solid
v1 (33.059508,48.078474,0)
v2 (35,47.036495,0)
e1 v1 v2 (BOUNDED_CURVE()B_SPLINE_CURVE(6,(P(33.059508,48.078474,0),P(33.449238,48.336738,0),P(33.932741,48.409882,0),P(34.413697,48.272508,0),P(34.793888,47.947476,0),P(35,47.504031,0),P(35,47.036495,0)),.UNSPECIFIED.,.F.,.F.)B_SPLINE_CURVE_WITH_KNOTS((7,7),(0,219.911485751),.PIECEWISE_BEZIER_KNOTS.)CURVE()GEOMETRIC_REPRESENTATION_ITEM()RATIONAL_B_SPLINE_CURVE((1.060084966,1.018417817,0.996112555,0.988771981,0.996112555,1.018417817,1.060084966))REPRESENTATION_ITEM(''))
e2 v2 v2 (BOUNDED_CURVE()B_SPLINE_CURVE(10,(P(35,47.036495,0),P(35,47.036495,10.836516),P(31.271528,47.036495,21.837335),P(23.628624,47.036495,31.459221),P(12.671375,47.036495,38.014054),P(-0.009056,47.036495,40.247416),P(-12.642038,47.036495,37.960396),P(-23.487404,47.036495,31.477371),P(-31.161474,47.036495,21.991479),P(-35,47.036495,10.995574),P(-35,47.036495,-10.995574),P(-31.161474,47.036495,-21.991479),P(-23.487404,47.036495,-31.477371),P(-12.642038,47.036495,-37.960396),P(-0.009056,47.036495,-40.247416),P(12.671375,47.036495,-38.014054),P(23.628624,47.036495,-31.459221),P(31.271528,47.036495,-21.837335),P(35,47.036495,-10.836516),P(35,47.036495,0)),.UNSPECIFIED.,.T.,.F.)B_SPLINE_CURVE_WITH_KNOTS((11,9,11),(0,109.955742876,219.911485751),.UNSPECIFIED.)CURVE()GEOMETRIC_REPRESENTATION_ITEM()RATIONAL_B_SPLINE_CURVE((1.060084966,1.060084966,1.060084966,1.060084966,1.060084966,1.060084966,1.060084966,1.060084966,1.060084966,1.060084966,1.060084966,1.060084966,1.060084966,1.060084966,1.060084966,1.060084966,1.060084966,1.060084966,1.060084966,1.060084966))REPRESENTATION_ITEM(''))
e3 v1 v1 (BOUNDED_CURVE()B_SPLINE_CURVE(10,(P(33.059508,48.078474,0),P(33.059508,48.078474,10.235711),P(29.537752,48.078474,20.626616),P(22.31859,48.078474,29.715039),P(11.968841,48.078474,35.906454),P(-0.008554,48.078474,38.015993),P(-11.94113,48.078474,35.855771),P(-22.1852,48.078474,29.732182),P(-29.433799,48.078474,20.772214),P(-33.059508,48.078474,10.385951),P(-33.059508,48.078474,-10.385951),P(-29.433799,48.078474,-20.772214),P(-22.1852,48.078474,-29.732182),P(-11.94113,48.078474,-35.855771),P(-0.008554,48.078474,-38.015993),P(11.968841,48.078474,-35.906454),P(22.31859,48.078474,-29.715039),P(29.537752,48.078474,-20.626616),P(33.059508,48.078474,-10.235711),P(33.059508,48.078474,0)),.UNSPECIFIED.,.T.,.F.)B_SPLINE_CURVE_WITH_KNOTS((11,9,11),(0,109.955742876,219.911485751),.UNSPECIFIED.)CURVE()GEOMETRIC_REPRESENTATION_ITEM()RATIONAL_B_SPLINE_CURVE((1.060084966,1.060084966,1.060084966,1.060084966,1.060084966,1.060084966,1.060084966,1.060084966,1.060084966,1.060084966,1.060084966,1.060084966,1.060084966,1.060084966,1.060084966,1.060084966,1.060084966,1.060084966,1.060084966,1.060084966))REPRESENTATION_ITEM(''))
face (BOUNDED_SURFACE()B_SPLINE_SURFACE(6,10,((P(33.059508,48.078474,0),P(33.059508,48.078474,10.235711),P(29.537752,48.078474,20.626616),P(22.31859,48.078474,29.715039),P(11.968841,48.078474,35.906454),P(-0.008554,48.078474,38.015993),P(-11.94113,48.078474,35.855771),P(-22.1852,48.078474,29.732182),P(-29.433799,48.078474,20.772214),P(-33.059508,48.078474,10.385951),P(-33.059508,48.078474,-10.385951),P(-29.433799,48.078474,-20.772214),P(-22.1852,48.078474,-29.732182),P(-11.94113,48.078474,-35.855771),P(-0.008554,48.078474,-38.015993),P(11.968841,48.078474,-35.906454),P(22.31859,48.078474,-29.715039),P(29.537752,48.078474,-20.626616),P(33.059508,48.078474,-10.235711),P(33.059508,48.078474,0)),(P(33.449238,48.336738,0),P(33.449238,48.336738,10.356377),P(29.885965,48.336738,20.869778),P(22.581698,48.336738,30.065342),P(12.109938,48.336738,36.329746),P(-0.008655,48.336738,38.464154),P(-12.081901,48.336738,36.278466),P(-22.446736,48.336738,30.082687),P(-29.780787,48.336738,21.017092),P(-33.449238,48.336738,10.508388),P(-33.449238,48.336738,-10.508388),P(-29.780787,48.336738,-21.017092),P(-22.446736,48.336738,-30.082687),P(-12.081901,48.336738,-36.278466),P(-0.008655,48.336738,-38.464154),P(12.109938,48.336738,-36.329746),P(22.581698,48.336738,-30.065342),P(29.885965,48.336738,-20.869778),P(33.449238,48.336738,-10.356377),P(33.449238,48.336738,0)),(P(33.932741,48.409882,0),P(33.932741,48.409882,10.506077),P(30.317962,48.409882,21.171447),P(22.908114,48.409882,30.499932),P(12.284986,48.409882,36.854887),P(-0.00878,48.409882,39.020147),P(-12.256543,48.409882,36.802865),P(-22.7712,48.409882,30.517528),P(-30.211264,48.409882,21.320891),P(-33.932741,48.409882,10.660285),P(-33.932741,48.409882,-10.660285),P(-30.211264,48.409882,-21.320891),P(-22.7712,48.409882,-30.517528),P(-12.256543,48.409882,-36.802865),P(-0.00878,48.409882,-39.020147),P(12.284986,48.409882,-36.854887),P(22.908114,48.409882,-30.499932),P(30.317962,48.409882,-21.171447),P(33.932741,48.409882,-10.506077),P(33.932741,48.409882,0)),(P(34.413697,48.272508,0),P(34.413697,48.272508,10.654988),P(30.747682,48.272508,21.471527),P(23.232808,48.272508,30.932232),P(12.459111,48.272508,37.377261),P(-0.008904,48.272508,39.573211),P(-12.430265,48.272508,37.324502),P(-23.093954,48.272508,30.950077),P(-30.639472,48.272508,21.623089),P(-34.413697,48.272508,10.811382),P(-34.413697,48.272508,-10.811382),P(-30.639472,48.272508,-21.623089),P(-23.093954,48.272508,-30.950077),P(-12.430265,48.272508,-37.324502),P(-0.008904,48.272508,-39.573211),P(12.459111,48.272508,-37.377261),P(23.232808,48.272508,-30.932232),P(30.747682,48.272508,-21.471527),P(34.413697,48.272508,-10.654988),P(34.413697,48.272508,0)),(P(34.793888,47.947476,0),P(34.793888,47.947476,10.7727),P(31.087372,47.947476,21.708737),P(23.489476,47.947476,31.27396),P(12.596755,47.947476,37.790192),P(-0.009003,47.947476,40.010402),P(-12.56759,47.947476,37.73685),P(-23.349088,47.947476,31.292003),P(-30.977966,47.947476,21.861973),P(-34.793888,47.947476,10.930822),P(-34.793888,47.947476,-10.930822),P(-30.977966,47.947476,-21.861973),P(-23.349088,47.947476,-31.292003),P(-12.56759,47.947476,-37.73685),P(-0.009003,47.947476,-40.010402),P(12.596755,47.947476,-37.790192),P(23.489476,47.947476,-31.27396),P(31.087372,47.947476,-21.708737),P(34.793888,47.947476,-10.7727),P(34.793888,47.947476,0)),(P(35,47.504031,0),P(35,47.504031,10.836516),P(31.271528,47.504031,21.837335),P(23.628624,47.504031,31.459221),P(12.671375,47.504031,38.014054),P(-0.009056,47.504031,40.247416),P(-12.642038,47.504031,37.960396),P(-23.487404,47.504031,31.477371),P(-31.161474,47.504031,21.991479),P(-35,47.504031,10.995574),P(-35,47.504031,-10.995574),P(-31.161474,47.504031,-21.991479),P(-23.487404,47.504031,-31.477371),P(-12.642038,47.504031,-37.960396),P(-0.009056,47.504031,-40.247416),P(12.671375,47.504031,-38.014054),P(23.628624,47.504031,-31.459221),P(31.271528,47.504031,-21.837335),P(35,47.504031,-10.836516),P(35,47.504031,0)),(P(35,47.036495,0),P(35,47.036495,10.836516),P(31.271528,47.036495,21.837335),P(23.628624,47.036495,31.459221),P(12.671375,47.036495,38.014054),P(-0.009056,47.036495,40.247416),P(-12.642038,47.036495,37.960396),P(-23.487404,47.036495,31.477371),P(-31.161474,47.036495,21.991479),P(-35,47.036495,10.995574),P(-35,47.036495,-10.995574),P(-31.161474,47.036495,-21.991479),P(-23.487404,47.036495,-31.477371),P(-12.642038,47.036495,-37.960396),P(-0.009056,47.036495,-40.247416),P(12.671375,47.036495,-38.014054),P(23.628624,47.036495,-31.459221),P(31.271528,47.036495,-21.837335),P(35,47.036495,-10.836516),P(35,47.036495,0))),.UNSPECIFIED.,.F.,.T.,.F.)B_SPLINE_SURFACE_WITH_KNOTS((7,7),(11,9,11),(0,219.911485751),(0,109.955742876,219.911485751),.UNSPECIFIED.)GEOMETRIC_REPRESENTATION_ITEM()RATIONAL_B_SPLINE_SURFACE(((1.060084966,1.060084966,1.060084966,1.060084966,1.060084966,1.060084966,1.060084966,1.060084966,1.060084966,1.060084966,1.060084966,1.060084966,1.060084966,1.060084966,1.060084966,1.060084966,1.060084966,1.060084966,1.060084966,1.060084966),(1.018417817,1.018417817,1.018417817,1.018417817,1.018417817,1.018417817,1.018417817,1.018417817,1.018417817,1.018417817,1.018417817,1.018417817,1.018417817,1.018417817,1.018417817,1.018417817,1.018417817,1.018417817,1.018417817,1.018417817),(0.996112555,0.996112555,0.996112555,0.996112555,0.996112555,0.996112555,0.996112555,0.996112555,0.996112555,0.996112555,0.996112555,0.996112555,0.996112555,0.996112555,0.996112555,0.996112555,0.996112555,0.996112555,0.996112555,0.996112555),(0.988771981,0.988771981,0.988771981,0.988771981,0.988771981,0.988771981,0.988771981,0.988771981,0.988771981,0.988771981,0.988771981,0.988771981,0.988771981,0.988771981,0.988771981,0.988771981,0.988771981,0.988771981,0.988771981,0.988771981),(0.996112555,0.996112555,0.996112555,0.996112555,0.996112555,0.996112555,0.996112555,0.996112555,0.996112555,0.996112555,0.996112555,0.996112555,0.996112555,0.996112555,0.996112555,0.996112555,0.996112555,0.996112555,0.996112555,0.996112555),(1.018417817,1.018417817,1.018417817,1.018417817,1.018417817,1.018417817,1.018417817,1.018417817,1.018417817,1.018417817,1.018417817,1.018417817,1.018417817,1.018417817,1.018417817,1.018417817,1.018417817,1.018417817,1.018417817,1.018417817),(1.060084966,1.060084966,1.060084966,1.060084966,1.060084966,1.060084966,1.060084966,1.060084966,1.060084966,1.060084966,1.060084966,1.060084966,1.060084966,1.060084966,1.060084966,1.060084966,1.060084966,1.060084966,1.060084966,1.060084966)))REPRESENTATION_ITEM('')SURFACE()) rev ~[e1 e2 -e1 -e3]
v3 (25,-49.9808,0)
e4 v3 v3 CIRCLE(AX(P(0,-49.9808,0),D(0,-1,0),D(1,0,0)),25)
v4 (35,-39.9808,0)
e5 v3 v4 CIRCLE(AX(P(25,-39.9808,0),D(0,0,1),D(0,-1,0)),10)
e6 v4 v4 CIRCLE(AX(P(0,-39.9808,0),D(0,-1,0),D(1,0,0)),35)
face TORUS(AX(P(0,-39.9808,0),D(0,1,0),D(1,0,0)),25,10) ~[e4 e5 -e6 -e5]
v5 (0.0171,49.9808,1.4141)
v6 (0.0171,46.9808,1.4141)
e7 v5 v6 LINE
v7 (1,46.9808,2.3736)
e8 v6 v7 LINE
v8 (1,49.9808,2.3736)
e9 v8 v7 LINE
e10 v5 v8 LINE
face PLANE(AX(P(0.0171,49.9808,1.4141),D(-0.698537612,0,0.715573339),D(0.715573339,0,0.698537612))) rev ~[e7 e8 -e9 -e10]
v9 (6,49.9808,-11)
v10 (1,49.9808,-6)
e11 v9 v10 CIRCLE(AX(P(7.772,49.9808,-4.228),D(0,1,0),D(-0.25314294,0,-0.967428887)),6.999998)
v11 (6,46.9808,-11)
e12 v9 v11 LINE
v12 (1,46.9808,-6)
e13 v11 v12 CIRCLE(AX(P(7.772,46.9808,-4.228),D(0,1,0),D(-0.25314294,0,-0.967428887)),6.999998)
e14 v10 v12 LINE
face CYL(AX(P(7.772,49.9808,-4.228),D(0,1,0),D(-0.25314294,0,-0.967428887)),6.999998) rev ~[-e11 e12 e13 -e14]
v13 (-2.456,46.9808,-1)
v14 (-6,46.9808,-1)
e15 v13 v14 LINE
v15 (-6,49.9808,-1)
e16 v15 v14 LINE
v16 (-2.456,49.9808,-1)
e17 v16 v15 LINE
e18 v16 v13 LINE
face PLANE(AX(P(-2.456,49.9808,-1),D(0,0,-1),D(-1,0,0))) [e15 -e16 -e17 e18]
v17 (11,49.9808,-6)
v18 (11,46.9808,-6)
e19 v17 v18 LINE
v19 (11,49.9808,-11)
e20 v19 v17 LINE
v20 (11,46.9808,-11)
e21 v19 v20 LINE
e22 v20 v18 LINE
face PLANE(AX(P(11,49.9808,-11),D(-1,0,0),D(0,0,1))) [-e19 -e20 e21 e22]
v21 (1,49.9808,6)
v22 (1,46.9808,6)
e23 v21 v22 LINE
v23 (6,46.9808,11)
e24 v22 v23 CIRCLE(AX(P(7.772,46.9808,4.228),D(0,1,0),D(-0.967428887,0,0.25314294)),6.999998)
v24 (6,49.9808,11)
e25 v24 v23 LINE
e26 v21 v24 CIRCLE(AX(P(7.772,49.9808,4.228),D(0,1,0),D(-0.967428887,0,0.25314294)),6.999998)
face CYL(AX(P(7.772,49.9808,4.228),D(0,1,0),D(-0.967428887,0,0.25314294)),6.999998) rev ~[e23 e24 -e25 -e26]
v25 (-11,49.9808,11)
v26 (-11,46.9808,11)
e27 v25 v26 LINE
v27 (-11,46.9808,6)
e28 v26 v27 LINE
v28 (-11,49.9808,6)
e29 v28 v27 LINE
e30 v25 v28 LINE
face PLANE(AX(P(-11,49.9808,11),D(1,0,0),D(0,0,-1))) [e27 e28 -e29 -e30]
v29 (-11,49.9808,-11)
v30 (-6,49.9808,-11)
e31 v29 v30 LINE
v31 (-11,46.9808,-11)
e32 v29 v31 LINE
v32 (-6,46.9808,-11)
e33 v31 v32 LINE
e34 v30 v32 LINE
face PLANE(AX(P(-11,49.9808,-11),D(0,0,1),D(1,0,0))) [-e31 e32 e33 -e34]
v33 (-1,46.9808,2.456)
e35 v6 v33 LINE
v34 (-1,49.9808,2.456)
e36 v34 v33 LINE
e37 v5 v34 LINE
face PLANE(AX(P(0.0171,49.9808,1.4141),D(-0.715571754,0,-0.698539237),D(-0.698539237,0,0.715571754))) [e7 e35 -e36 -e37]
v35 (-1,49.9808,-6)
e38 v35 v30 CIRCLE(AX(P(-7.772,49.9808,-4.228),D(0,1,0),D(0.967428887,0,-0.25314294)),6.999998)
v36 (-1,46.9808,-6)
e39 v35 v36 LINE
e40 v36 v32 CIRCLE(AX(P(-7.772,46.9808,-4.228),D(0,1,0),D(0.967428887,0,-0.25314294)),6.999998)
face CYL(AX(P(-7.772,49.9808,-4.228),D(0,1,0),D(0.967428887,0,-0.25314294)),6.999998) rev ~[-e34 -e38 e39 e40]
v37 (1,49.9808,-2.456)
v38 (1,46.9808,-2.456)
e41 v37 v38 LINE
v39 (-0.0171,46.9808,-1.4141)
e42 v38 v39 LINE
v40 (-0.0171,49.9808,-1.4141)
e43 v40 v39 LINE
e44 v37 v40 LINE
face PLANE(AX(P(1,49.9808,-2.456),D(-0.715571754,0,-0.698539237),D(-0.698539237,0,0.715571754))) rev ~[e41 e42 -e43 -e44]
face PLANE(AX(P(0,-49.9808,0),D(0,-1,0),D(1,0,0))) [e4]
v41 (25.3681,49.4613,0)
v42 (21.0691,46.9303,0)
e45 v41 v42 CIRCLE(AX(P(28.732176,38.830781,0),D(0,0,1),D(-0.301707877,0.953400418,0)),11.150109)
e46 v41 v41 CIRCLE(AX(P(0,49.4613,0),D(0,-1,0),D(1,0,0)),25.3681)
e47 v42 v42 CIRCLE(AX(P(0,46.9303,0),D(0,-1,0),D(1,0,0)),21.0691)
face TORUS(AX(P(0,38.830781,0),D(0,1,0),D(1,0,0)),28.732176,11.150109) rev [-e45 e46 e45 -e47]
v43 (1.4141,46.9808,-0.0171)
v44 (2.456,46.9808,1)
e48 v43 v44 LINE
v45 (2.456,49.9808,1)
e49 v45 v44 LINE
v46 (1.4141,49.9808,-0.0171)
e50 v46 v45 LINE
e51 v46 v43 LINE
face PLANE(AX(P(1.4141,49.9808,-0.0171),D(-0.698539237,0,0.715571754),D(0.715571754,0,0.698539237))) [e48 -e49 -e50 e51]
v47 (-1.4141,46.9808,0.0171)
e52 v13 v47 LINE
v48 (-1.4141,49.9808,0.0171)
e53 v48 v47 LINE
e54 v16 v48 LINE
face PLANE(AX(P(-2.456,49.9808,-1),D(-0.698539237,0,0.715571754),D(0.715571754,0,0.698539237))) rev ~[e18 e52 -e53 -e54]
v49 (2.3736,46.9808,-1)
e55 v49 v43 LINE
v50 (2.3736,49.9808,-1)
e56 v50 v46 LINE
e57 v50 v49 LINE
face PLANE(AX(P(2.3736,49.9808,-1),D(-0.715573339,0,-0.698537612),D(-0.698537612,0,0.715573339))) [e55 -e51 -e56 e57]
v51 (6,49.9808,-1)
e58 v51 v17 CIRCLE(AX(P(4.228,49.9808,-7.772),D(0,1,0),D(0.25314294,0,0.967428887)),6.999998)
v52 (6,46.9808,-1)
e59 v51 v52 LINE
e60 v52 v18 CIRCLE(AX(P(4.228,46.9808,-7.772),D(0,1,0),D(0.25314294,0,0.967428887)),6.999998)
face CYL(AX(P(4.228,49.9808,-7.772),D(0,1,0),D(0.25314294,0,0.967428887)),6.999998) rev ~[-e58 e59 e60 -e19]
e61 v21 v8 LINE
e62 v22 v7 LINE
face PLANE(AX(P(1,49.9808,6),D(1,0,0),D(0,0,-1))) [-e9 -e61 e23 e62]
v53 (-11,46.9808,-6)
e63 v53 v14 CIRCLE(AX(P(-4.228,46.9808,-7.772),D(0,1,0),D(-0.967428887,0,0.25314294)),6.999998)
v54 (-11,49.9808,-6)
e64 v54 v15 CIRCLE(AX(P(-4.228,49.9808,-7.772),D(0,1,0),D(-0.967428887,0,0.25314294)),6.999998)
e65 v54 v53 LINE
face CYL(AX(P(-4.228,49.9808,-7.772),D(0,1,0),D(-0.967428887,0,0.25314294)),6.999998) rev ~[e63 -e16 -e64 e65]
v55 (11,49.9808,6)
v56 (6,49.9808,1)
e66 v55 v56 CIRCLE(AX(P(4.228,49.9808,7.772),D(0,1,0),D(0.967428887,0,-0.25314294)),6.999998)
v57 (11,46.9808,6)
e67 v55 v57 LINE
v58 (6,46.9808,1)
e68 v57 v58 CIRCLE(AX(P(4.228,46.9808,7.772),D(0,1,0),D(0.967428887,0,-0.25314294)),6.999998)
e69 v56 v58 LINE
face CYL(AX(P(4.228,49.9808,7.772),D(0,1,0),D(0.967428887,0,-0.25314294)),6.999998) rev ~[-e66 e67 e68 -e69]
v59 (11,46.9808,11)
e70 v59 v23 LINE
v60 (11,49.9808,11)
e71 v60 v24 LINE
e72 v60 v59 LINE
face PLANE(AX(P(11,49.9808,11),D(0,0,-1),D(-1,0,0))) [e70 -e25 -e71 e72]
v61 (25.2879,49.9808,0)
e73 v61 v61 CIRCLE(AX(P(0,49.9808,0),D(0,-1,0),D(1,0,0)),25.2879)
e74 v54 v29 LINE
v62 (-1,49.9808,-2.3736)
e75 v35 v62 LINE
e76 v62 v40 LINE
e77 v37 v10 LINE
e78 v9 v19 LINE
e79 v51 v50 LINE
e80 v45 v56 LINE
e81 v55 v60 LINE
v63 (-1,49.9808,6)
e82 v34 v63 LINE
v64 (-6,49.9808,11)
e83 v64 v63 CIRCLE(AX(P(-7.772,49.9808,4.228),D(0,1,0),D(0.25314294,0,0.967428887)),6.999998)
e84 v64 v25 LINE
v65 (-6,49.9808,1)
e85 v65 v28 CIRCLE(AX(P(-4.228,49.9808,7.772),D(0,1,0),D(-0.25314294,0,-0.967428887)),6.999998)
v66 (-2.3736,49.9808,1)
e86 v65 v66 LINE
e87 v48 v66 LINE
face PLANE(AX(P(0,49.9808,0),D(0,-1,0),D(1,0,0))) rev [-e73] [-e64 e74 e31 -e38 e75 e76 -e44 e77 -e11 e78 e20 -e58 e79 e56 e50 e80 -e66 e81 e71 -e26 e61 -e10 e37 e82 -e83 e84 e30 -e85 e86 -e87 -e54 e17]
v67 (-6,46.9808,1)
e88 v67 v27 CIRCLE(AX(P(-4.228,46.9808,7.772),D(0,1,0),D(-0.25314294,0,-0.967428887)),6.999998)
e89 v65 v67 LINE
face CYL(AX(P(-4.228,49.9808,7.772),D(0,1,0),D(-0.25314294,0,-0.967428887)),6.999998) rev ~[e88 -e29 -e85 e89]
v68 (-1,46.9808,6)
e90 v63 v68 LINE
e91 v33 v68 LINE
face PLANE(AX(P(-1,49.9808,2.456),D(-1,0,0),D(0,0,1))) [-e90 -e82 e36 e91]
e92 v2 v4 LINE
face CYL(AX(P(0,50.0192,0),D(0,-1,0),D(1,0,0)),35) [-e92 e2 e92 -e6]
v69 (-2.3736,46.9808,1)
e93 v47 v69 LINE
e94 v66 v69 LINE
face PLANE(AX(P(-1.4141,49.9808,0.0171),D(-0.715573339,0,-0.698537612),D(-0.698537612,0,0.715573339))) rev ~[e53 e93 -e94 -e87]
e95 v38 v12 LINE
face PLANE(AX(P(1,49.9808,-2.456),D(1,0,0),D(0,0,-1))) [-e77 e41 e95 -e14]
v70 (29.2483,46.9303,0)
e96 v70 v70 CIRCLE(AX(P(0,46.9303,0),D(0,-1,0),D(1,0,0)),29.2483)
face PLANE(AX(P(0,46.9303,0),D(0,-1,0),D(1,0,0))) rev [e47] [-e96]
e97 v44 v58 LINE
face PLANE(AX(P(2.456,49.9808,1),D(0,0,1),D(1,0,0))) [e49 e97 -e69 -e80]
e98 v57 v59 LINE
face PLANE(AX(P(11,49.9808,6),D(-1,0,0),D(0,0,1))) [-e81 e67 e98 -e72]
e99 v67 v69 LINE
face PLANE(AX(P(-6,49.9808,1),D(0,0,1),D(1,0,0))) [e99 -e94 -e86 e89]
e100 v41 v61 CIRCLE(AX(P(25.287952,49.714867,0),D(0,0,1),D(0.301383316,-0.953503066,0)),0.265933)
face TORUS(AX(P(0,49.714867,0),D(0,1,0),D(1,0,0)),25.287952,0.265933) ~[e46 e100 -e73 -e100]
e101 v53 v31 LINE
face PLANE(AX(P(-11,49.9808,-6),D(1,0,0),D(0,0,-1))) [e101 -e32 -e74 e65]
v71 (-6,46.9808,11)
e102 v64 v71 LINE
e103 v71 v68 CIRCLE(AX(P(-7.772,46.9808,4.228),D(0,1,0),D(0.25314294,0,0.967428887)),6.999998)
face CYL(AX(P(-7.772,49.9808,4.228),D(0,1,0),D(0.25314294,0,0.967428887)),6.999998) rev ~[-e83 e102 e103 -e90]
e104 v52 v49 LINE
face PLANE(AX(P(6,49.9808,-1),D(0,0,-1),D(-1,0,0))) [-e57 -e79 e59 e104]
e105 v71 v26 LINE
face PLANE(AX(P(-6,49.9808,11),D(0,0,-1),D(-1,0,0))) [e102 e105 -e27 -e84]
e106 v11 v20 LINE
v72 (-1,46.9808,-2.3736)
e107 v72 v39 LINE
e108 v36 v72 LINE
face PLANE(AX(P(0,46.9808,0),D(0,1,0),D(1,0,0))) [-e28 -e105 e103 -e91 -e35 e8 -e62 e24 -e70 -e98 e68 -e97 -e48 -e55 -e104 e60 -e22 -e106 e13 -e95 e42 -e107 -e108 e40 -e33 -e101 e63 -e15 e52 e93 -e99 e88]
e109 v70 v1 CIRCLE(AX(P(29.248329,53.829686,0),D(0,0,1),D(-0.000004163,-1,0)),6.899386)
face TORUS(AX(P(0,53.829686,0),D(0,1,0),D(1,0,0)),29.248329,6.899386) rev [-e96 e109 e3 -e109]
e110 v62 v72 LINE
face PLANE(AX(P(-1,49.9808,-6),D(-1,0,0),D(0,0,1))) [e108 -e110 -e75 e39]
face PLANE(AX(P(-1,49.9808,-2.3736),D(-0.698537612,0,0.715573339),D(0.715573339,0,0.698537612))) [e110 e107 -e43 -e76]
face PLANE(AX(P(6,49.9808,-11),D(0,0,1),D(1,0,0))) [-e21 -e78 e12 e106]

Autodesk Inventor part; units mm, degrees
ref_plane "YZ Plane" through (0, 0, 0) normal (1, 0, 0) x (0, 1, 0)
ref_plane "XZ Plane" through (0, 0, 0) normal (0, 1, 0) x (-1, 0, 0)
ref_plane "XY Plane" through (0, 0, 0) normal (0, 0, 1) x (1, 0, 0)
sketch "Sketch1" plane through (0, 0, 0) normal (0, 0, 1) x (1, 0, 0)
  line L0 (0, 49.9808) -> (25.2879, 49.9808)
  line L1 (35, 50.0192) -> (35, -39.9808)
  line L2 (25, -49.9808) -> (0, -49.9808)
  line L3 (0, -49.9808) -> (0, 49.9808)
  line L4 (0, 49.9808) -> (0, 0)
  line L5 (21.0691, 46.9303) -> (29.2483, 46.9303)
  arc A0 (29.2483, 46.9303) -> (35, 50.0192) centre (29.2483, 53.8298) ccw
  arc A1 (25.3681, 49.4613) -> (21.0691, 46.9303) centre (28.7319, 38.8314) ccw
  line L6 (0, 93.4458) -> (0, -94.9165) construction
  arc A2 (25.3681, 49.4613) -> (25.2879, 49.9808) centre (25.2879, 49.7149) ccw
  arc A3 (25, -49.9808) -> (35, -39.9808) centre (25, -39.9808) ccw
  point P0 (35, -49.9808)
  dimension "d0" = 35
  dimension "d1" = 100
  dimension "d3" = 10
revolve "Revolution1" add sketch "Sketch1" angle 360 about axis through (0, 93.4458, 0) along (0, -1, 0)
sketch "Sketch2" plane through (0, 49.9808, 0) normal (0, 1, 0) x (1, 0, 0)
  line L0 (-1, 1) -> (-11, 1)
  line L1 (-11, 1) -> (-11, 11)
  line L2 (-11, 11) -> (-1, 11)
  line L3 (-1, 11) -> (-1, 1)
  arc A0 (-11, 6) -> (-6, 1) centre (-4.228, 7.772) ccw
  arc A1 (-1, 6) -> (-6, 11) centre (-7.772, 4.228) ccw
  line L4 (-1, -1) -> (-1, -11)
  line L5 (-1, -11) -> (-11, -11)
  line L6 (-11, -11) -> (-11, -1)
  line L7 (-11, -1) -> (-1, -1)
  arc A2 (-6, -11) -> (-1, -6) centre (-7.772, -4.228) ccw
  arc A3 (-6, -1) -> (-11, -6) centre (-4.228, -7.772) ccw
  line L8 (1, -1) -> (11, -1)
  line L9 (11, -1) -> (11, -11)
  line L10 (11, -11) -> (1, -11)
  line L11 (1, -11) -> (1, -1)
  arc A4 (11, -6) -> (6, -1) centre (4.228, -7.772) ccw
  arc A5 (1, -6) -> (6, -11) centre (7.772, -4.228) ccw
  line L12 (1, 1) -> (1, 11)
  line L13 (1, 11) -> (11, 11)
  line L14 (11, 11) -> (11, 1)
  line L15 (11, 1) -> (1, 1)
  arc A6 (6, 11) -> (1, 6) centre (7.772, 4.228) ccw
  arc A7 (6, 1) -> (11, 6) centre (4.228, 7.772) ccw
  line L16 (1, 2.456) -> (-0.0171, 1.4141)
  line L17 (-1.4141, -0.0171) -> (-2.3736, -1)
  line L18 (2.3736, 1) -> (1.4141, 0.0171)
  line L19 (0.0171, -1.4141) -> (-1, -2.456)
  line L20 (-2.456, 1) -> (-1.4141, -0.0171)
  line L21 (0.0171, -1.4141) -> (1, -2.3736)
  line L22 (-1, 2.3736) -> (-0.0171, 1.4141)
  line L23 (1.4141, 0.0171) -> (2.456, -1)
  point P0 (0, 0)
  point P1 (0, 0)
  dimension "d4" = 10
  dimension "d5" = 10
  dimension "d6" = 1
  dimension "d7" = 1
  dimension "d8" = 7
  dimension "d10" = 7
  dimension "d13" = 360
extrude "Extrusion1" cut sketch "Sketch2" against normal blind 3 contours L3 L22 L16 L12 L15 L18 L23 L8 L11 L21 L19 L4 L7 L17 L20 L0 | L0 A0 L1 L2 A1 L3 | L7 L4 A2 L5 L6 A3 | L12 A6 L13 L14 A7 L15 | L11 L8 A4 L9 L10 A5
fillet "Fillet1" radius 1.25 1 edges at (-35, 50.0192, 0)
properties part number "Audio Speaker"
